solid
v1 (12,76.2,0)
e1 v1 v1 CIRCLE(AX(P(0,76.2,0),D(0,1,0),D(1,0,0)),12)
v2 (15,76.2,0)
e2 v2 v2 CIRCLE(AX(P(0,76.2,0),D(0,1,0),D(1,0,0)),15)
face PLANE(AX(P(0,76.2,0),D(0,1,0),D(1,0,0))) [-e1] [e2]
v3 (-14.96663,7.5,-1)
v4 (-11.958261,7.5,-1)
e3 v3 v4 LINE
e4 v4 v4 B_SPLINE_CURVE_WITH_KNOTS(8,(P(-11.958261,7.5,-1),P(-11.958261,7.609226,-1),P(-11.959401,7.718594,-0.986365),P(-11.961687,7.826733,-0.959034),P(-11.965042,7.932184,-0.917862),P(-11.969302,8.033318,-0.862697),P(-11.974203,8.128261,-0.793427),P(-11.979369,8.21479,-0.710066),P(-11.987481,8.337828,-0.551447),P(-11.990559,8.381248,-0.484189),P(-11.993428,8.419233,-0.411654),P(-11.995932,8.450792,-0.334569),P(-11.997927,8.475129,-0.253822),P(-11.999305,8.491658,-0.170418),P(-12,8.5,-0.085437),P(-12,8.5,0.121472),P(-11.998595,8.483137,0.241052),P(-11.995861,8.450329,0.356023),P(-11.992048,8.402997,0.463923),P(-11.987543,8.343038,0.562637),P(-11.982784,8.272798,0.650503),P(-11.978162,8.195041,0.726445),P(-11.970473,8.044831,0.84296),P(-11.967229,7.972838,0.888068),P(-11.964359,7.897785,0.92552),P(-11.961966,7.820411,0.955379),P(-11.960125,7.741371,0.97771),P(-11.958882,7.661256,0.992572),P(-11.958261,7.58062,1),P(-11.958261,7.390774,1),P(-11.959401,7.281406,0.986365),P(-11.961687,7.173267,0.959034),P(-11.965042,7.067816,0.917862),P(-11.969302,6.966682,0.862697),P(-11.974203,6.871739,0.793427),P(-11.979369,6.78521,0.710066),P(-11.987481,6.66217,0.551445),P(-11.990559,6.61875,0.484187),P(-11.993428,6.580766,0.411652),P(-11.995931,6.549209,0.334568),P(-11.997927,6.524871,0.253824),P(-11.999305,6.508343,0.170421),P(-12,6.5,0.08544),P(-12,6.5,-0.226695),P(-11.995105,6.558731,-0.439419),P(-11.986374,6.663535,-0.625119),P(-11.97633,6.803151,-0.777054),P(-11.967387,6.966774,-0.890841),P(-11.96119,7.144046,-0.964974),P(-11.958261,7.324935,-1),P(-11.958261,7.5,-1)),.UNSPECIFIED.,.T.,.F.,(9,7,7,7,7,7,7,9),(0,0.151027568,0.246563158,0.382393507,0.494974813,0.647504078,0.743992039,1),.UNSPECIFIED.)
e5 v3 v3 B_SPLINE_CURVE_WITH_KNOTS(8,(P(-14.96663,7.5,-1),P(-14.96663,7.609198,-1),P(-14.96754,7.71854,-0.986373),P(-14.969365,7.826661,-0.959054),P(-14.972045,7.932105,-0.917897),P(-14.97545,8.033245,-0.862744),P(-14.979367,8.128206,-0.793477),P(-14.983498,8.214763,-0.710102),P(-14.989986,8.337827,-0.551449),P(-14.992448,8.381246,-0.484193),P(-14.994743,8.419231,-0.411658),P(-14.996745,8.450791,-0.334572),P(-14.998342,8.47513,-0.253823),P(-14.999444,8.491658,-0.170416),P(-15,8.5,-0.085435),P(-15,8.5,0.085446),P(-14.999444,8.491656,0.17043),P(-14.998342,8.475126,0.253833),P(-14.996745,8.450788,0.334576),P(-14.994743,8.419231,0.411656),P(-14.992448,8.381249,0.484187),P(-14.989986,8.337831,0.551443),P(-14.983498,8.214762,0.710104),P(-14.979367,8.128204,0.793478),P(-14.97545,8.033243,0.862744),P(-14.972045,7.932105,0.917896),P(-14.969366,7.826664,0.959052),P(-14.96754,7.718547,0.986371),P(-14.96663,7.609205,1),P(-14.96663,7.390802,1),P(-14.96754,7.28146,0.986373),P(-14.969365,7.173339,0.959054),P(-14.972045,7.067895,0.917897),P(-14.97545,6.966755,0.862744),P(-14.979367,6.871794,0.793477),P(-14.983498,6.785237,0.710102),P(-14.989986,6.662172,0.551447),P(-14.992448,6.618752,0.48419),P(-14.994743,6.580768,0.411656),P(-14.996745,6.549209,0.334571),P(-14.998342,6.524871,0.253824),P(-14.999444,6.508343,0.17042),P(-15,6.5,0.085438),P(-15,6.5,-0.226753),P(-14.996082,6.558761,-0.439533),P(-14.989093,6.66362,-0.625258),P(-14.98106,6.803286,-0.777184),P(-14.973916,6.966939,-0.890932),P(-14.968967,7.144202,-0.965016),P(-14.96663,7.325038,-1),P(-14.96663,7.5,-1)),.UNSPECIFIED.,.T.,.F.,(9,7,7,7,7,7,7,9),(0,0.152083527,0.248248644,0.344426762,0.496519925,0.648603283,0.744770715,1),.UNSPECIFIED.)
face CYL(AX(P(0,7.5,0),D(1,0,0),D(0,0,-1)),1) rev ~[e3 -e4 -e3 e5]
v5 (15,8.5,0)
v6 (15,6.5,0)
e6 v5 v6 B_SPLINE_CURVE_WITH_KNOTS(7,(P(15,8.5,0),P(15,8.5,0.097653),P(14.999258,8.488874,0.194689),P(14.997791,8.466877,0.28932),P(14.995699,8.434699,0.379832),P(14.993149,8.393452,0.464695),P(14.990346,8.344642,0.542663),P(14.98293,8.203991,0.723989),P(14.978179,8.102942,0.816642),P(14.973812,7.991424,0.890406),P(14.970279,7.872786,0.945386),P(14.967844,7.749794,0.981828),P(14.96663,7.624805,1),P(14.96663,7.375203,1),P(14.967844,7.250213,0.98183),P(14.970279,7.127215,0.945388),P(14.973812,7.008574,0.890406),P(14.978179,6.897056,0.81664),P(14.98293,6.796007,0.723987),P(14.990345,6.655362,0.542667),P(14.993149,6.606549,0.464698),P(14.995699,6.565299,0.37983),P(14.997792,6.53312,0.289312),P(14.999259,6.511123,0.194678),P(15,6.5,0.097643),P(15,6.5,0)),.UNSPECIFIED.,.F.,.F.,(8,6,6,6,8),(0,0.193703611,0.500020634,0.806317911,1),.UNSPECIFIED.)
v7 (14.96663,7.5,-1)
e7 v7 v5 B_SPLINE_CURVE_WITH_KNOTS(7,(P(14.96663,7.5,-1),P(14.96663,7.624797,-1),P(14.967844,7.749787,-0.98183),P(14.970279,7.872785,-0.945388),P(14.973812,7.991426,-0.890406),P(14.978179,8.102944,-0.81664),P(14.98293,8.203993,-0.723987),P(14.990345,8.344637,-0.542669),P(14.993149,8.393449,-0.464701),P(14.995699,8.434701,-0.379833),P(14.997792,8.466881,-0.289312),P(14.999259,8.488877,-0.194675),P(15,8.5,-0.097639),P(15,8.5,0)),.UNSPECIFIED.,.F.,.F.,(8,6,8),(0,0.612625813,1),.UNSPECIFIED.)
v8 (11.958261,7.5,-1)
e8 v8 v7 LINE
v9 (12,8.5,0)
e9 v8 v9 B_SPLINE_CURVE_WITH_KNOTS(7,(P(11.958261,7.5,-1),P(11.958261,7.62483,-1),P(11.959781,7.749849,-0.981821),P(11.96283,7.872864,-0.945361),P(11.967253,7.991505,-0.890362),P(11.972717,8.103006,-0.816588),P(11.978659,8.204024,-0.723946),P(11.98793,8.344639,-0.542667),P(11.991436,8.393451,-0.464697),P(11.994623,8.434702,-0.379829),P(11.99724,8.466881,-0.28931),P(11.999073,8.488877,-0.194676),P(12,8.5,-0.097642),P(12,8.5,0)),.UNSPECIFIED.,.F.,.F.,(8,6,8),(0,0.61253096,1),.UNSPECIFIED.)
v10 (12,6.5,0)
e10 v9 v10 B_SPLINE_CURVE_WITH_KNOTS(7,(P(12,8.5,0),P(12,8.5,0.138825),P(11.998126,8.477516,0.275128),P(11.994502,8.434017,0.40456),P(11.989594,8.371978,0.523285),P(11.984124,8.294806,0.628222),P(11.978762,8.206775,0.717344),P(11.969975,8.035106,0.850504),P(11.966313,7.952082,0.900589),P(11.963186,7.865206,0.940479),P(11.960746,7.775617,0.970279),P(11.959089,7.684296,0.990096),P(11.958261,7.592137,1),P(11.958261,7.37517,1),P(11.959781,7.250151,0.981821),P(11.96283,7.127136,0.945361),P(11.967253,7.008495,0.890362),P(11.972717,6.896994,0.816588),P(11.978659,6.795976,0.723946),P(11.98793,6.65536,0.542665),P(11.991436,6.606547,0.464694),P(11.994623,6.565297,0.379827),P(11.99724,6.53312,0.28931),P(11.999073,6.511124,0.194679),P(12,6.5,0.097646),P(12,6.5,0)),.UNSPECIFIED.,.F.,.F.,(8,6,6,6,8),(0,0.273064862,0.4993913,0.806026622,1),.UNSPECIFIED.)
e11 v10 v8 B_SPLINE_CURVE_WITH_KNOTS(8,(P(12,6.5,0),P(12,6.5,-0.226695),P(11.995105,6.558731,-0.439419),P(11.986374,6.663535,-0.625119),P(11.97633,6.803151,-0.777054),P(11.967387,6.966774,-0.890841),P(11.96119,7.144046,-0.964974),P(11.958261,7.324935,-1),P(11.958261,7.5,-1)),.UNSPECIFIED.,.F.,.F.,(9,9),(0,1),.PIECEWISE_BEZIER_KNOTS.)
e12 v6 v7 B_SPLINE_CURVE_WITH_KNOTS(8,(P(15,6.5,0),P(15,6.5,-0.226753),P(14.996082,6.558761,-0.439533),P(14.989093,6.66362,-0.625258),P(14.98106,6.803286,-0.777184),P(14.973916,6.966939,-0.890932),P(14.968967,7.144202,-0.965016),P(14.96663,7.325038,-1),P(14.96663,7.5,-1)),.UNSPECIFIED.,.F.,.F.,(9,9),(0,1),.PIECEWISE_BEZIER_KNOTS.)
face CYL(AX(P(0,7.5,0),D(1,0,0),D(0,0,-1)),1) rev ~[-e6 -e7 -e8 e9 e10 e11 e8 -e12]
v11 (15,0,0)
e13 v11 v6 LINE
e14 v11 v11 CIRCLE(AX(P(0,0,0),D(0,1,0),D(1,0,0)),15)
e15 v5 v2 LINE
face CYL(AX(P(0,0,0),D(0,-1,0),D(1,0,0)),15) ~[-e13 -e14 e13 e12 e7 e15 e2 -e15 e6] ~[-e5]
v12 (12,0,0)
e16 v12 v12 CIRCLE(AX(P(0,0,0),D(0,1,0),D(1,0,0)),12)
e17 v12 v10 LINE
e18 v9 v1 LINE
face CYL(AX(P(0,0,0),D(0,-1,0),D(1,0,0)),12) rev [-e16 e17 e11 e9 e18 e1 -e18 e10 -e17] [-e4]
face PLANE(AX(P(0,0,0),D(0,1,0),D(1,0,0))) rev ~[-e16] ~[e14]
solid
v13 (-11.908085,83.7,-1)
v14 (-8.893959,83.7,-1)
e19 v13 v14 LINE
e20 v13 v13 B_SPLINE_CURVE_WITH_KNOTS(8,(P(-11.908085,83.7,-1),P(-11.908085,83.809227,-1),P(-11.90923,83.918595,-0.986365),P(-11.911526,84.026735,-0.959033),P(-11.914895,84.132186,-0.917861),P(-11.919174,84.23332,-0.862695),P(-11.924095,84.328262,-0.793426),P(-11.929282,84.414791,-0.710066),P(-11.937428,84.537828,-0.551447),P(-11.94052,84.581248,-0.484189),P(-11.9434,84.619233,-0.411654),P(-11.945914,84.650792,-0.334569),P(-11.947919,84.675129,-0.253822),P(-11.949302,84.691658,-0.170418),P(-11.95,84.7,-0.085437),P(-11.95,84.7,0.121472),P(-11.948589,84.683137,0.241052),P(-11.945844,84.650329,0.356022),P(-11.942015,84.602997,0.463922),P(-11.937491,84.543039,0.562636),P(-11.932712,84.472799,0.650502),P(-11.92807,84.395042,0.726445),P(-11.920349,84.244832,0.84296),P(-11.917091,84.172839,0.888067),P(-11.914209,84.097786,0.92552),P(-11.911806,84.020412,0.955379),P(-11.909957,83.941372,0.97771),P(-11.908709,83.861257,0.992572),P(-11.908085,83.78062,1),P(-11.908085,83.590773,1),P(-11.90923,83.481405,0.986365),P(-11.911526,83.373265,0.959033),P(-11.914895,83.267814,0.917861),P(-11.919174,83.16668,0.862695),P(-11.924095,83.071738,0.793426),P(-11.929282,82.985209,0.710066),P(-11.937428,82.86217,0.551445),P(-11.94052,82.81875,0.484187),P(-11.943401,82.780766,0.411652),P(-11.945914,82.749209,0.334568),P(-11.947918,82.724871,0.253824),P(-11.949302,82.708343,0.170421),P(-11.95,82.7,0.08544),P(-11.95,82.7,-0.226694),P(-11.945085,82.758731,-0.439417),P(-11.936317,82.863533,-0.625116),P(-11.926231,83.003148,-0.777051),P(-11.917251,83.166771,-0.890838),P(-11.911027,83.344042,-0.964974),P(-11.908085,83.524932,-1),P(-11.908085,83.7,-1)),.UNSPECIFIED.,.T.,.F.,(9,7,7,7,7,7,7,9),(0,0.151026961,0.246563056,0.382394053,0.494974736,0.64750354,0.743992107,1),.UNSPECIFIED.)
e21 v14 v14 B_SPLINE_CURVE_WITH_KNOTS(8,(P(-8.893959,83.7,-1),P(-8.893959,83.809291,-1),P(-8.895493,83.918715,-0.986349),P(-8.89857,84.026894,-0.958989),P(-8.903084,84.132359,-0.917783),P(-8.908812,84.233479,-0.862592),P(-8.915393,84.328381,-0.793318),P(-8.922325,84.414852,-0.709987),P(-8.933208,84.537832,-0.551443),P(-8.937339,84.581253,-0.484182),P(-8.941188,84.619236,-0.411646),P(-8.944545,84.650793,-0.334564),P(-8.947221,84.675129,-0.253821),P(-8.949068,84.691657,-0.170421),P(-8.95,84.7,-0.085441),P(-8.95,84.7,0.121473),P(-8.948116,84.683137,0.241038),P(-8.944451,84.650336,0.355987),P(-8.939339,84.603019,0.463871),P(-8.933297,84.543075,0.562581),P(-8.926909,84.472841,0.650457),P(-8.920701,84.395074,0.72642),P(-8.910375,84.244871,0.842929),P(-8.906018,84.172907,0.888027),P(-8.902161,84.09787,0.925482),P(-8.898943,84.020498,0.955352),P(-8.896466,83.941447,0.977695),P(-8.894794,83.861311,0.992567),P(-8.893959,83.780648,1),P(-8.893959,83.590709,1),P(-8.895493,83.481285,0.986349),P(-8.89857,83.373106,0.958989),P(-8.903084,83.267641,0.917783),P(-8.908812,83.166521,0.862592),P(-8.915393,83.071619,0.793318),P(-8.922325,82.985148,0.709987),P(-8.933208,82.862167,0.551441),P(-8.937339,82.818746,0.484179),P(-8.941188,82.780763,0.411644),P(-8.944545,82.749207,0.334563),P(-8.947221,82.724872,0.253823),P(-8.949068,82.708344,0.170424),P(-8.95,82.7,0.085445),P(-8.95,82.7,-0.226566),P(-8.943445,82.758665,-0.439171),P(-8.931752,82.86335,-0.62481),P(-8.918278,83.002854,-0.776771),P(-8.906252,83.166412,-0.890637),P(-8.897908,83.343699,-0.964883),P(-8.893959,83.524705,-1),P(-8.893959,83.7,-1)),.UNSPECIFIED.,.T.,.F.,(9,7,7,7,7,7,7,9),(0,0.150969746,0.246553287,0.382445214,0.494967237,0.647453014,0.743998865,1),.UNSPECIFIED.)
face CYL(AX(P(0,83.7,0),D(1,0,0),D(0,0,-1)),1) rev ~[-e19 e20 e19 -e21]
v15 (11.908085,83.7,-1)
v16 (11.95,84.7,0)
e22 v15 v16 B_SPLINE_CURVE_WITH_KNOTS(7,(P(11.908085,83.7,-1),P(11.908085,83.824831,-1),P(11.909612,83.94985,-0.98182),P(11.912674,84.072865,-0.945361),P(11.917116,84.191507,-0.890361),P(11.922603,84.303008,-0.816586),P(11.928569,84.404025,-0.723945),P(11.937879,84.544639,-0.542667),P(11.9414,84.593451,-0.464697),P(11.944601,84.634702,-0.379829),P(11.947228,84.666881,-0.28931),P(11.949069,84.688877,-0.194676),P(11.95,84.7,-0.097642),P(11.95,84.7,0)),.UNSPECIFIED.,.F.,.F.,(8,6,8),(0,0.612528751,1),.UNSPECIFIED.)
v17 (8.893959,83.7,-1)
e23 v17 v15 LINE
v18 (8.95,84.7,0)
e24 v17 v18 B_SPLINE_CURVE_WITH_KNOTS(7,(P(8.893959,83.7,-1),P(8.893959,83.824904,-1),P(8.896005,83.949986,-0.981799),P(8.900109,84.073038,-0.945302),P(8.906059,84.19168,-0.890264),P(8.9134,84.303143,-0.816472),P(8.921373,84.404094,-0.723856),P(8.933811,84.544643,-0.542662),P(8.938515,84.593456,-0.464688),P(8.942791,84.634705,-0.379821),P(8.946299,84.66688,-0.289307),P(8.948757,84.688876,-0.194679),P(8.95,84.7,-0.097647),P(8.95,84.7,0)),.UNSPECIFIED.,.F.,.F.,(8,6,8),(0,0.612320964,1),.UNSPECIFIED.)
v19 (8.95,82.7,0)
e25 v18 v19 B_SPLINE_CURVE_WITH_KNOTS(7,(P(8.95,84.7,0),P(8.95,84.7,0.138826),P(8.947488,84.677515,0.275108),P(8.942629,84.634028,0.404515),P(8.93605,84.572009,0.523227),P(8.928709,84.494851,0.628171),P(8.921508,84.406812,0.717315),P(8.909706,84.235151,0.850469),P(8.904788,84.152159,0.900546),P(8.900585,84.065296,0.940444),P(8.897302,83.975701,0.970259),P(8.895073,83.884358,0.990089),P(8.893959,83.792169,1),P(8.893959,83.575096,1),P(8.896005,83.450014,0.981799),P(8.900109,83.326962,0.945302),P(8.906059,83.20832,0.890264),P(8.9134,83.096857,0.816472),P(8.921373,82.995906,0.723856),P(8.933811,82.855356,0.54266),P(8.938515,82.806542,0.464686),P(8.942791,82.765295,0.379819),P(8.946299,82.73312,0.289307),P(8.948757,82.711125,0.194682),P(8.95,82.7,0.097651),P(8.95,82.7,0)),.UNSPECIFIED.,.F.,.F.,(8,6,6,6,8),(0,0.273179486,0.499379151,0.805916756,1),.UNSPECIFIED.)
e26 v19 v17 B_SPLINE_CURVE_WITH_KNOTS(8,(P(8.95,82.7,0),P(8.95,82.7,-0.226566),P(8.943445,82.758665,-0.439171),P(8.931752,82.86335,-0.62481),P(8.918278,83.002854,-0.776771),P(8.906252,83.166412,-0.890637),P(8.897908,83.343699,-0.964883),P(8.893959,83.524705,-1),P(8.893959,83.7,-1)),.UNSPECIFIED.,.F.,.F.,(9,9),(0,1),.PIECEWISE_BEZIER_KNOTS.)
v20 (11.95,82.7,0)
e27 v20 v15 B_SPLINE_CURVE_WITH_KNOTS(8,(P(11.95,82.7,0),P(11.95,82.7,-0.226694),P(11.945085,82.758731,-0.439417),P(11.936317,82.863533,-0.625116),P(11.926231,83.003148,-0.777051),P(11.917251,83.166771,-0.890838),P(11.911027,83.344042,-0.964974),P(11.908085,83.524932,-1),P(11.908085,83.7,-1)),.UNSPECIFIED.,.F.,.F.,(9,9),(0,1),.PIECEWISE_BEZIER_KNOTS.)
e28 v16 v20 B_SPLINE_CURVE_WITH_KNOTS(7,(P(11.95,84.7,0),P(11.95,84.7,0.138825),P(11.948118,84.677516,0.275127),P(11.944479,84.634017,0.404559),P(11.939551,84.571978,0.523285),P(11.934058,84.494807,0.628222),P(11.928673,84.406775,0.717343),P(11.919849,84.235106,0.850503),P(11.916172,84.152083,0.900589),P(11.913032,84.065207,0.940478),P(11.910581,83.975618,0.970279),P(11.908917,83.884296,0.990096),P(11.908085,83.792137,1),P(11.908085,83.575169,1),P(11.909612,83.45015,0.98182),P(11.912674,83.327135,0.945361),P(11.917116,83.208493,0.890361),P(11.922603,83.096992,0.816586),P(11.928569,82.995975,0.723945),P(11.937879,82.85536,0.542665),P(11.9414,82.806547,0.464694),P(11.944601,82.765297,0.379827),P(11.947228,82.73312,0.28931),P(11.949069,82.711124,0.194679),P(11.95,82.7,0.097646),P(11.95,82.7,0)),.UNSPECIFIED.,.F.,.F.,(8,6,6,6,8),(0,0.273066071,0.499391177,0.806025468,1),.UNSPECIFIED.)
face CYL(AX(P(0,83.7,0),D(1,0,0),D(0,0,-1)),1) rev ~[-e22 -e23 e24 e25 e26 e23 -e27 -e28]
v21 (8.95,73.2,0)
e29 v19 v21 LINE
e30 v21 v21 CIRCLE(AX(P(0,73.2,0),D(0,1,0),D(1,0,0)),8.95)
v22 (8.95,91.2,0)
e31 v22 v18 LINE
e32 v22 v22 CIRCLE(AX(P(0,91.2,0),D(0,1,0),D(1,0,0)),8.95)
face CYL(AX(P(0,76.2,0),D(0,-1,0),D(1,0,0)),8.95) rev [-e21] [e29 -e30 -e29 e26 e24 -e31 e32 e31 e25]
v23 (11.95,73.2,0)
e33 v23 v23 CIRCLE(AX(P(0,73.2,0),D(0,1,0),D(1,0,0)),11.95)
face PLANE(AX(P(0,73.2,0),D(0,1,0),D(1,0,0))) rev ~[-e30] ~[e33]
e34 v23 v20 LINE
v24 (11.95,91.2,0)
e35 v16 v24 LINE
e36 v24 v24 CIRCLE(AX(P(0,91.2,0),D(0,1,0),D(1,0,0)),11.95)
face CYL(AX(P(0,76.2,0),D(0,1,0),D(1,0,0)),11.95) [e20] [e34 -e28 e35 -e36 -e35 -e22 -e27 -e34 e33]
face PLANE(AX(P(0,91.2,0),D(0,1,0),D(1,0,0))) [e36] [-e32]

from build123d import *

# Parameters (mm, degrees)
SKETCH1_R                = 15
SKETCH1_R_2              = 12
BOSS_EXTRUDE1_DEPTH      = 76.2
SKETCH2_R                = 11.95
SKETCH2_R_2              = 8.95
BOSS_EXTRUDE2_DEPTH      = 15
BOSS_EXTRUDE2_DEPTH_BACK = 3
SKETCH3_R                = 1
CUT_EXTRUDE1_DEPTH       = 16
CUT_EXTRUDE1_DEPTH_BACK  = 16


with BuildPart() as part:
    # Sketch1 → Boss-Extrude1 (new body)
    with BuildSketch(Plane(origin=(0, 0, 0), x_dir=(1, 0, 0), z_dir=(0, 1, 0))):
        Circle(SKETCH1_R)
        Circle(SKETCH1_R_2, mode=Mode.SUBTRACT)
    extrude(amount=BOSS_EXTRUDE1_DEPTH)


with BuildPart() as body_2:
    # Sketch2 → Boss-Extrude2 (new body, two sides)
    with BuildSketch(Plane(origin=(0, 76.2, 0), x_dir=(1, 0, 0), z_dir=(0, 1, 0))) as boss_extrude2_sk:
        Circle(SKETCH2_R)
        Circle(SKETCH2_R_2, mode=Mode.SUBTRACT)
    extrude(amount=BOSS_EXTRUDE2_DEPTH)
    extrude(boss_extrude2_sk.sketch, amount=-BOSS_EXTRUDE2_DEPTH_BACK)


with BuildPart() as cut_extrude1_tool:
    # Sketch3 → Cut-Extrude1 (new body, two sides)
    with BuildSketch(Plane(origin=(0, 0, 0), x_dir=(0, 0, -1), z_dir=(1, 0, 0))) as cut_extrude1_sk:
        with Locations((0, 83.7)):
            Circle(SKETCH3_R)
        with Locations((0, 7.5)):
            Circle(SKETCH3_R)
    extrude(amount=CUT_EXTRUDE1_DEPTH)
    extrude(cut_extrude1_sk.sketch, amount=-CUT_EXTRUDE1_DEPTH_BACK)


with BuildPart() as part_1:
    add(part.part)

    # Cut-Extrude1: cut by cut_extrude1_tool
    add(cut_extrude1_tool.part, mode=Mode.SUBTRACT)


with BuildPart() as body_2_1:
    add(body_2.part)

    # Cut-Extrude1: cut by cut_extrude1_tool
    add(cut_extrude1_tool.part, mode=Mode.SUBTRACT)


solid = Compound([part_1.part, body_2_1.part])
